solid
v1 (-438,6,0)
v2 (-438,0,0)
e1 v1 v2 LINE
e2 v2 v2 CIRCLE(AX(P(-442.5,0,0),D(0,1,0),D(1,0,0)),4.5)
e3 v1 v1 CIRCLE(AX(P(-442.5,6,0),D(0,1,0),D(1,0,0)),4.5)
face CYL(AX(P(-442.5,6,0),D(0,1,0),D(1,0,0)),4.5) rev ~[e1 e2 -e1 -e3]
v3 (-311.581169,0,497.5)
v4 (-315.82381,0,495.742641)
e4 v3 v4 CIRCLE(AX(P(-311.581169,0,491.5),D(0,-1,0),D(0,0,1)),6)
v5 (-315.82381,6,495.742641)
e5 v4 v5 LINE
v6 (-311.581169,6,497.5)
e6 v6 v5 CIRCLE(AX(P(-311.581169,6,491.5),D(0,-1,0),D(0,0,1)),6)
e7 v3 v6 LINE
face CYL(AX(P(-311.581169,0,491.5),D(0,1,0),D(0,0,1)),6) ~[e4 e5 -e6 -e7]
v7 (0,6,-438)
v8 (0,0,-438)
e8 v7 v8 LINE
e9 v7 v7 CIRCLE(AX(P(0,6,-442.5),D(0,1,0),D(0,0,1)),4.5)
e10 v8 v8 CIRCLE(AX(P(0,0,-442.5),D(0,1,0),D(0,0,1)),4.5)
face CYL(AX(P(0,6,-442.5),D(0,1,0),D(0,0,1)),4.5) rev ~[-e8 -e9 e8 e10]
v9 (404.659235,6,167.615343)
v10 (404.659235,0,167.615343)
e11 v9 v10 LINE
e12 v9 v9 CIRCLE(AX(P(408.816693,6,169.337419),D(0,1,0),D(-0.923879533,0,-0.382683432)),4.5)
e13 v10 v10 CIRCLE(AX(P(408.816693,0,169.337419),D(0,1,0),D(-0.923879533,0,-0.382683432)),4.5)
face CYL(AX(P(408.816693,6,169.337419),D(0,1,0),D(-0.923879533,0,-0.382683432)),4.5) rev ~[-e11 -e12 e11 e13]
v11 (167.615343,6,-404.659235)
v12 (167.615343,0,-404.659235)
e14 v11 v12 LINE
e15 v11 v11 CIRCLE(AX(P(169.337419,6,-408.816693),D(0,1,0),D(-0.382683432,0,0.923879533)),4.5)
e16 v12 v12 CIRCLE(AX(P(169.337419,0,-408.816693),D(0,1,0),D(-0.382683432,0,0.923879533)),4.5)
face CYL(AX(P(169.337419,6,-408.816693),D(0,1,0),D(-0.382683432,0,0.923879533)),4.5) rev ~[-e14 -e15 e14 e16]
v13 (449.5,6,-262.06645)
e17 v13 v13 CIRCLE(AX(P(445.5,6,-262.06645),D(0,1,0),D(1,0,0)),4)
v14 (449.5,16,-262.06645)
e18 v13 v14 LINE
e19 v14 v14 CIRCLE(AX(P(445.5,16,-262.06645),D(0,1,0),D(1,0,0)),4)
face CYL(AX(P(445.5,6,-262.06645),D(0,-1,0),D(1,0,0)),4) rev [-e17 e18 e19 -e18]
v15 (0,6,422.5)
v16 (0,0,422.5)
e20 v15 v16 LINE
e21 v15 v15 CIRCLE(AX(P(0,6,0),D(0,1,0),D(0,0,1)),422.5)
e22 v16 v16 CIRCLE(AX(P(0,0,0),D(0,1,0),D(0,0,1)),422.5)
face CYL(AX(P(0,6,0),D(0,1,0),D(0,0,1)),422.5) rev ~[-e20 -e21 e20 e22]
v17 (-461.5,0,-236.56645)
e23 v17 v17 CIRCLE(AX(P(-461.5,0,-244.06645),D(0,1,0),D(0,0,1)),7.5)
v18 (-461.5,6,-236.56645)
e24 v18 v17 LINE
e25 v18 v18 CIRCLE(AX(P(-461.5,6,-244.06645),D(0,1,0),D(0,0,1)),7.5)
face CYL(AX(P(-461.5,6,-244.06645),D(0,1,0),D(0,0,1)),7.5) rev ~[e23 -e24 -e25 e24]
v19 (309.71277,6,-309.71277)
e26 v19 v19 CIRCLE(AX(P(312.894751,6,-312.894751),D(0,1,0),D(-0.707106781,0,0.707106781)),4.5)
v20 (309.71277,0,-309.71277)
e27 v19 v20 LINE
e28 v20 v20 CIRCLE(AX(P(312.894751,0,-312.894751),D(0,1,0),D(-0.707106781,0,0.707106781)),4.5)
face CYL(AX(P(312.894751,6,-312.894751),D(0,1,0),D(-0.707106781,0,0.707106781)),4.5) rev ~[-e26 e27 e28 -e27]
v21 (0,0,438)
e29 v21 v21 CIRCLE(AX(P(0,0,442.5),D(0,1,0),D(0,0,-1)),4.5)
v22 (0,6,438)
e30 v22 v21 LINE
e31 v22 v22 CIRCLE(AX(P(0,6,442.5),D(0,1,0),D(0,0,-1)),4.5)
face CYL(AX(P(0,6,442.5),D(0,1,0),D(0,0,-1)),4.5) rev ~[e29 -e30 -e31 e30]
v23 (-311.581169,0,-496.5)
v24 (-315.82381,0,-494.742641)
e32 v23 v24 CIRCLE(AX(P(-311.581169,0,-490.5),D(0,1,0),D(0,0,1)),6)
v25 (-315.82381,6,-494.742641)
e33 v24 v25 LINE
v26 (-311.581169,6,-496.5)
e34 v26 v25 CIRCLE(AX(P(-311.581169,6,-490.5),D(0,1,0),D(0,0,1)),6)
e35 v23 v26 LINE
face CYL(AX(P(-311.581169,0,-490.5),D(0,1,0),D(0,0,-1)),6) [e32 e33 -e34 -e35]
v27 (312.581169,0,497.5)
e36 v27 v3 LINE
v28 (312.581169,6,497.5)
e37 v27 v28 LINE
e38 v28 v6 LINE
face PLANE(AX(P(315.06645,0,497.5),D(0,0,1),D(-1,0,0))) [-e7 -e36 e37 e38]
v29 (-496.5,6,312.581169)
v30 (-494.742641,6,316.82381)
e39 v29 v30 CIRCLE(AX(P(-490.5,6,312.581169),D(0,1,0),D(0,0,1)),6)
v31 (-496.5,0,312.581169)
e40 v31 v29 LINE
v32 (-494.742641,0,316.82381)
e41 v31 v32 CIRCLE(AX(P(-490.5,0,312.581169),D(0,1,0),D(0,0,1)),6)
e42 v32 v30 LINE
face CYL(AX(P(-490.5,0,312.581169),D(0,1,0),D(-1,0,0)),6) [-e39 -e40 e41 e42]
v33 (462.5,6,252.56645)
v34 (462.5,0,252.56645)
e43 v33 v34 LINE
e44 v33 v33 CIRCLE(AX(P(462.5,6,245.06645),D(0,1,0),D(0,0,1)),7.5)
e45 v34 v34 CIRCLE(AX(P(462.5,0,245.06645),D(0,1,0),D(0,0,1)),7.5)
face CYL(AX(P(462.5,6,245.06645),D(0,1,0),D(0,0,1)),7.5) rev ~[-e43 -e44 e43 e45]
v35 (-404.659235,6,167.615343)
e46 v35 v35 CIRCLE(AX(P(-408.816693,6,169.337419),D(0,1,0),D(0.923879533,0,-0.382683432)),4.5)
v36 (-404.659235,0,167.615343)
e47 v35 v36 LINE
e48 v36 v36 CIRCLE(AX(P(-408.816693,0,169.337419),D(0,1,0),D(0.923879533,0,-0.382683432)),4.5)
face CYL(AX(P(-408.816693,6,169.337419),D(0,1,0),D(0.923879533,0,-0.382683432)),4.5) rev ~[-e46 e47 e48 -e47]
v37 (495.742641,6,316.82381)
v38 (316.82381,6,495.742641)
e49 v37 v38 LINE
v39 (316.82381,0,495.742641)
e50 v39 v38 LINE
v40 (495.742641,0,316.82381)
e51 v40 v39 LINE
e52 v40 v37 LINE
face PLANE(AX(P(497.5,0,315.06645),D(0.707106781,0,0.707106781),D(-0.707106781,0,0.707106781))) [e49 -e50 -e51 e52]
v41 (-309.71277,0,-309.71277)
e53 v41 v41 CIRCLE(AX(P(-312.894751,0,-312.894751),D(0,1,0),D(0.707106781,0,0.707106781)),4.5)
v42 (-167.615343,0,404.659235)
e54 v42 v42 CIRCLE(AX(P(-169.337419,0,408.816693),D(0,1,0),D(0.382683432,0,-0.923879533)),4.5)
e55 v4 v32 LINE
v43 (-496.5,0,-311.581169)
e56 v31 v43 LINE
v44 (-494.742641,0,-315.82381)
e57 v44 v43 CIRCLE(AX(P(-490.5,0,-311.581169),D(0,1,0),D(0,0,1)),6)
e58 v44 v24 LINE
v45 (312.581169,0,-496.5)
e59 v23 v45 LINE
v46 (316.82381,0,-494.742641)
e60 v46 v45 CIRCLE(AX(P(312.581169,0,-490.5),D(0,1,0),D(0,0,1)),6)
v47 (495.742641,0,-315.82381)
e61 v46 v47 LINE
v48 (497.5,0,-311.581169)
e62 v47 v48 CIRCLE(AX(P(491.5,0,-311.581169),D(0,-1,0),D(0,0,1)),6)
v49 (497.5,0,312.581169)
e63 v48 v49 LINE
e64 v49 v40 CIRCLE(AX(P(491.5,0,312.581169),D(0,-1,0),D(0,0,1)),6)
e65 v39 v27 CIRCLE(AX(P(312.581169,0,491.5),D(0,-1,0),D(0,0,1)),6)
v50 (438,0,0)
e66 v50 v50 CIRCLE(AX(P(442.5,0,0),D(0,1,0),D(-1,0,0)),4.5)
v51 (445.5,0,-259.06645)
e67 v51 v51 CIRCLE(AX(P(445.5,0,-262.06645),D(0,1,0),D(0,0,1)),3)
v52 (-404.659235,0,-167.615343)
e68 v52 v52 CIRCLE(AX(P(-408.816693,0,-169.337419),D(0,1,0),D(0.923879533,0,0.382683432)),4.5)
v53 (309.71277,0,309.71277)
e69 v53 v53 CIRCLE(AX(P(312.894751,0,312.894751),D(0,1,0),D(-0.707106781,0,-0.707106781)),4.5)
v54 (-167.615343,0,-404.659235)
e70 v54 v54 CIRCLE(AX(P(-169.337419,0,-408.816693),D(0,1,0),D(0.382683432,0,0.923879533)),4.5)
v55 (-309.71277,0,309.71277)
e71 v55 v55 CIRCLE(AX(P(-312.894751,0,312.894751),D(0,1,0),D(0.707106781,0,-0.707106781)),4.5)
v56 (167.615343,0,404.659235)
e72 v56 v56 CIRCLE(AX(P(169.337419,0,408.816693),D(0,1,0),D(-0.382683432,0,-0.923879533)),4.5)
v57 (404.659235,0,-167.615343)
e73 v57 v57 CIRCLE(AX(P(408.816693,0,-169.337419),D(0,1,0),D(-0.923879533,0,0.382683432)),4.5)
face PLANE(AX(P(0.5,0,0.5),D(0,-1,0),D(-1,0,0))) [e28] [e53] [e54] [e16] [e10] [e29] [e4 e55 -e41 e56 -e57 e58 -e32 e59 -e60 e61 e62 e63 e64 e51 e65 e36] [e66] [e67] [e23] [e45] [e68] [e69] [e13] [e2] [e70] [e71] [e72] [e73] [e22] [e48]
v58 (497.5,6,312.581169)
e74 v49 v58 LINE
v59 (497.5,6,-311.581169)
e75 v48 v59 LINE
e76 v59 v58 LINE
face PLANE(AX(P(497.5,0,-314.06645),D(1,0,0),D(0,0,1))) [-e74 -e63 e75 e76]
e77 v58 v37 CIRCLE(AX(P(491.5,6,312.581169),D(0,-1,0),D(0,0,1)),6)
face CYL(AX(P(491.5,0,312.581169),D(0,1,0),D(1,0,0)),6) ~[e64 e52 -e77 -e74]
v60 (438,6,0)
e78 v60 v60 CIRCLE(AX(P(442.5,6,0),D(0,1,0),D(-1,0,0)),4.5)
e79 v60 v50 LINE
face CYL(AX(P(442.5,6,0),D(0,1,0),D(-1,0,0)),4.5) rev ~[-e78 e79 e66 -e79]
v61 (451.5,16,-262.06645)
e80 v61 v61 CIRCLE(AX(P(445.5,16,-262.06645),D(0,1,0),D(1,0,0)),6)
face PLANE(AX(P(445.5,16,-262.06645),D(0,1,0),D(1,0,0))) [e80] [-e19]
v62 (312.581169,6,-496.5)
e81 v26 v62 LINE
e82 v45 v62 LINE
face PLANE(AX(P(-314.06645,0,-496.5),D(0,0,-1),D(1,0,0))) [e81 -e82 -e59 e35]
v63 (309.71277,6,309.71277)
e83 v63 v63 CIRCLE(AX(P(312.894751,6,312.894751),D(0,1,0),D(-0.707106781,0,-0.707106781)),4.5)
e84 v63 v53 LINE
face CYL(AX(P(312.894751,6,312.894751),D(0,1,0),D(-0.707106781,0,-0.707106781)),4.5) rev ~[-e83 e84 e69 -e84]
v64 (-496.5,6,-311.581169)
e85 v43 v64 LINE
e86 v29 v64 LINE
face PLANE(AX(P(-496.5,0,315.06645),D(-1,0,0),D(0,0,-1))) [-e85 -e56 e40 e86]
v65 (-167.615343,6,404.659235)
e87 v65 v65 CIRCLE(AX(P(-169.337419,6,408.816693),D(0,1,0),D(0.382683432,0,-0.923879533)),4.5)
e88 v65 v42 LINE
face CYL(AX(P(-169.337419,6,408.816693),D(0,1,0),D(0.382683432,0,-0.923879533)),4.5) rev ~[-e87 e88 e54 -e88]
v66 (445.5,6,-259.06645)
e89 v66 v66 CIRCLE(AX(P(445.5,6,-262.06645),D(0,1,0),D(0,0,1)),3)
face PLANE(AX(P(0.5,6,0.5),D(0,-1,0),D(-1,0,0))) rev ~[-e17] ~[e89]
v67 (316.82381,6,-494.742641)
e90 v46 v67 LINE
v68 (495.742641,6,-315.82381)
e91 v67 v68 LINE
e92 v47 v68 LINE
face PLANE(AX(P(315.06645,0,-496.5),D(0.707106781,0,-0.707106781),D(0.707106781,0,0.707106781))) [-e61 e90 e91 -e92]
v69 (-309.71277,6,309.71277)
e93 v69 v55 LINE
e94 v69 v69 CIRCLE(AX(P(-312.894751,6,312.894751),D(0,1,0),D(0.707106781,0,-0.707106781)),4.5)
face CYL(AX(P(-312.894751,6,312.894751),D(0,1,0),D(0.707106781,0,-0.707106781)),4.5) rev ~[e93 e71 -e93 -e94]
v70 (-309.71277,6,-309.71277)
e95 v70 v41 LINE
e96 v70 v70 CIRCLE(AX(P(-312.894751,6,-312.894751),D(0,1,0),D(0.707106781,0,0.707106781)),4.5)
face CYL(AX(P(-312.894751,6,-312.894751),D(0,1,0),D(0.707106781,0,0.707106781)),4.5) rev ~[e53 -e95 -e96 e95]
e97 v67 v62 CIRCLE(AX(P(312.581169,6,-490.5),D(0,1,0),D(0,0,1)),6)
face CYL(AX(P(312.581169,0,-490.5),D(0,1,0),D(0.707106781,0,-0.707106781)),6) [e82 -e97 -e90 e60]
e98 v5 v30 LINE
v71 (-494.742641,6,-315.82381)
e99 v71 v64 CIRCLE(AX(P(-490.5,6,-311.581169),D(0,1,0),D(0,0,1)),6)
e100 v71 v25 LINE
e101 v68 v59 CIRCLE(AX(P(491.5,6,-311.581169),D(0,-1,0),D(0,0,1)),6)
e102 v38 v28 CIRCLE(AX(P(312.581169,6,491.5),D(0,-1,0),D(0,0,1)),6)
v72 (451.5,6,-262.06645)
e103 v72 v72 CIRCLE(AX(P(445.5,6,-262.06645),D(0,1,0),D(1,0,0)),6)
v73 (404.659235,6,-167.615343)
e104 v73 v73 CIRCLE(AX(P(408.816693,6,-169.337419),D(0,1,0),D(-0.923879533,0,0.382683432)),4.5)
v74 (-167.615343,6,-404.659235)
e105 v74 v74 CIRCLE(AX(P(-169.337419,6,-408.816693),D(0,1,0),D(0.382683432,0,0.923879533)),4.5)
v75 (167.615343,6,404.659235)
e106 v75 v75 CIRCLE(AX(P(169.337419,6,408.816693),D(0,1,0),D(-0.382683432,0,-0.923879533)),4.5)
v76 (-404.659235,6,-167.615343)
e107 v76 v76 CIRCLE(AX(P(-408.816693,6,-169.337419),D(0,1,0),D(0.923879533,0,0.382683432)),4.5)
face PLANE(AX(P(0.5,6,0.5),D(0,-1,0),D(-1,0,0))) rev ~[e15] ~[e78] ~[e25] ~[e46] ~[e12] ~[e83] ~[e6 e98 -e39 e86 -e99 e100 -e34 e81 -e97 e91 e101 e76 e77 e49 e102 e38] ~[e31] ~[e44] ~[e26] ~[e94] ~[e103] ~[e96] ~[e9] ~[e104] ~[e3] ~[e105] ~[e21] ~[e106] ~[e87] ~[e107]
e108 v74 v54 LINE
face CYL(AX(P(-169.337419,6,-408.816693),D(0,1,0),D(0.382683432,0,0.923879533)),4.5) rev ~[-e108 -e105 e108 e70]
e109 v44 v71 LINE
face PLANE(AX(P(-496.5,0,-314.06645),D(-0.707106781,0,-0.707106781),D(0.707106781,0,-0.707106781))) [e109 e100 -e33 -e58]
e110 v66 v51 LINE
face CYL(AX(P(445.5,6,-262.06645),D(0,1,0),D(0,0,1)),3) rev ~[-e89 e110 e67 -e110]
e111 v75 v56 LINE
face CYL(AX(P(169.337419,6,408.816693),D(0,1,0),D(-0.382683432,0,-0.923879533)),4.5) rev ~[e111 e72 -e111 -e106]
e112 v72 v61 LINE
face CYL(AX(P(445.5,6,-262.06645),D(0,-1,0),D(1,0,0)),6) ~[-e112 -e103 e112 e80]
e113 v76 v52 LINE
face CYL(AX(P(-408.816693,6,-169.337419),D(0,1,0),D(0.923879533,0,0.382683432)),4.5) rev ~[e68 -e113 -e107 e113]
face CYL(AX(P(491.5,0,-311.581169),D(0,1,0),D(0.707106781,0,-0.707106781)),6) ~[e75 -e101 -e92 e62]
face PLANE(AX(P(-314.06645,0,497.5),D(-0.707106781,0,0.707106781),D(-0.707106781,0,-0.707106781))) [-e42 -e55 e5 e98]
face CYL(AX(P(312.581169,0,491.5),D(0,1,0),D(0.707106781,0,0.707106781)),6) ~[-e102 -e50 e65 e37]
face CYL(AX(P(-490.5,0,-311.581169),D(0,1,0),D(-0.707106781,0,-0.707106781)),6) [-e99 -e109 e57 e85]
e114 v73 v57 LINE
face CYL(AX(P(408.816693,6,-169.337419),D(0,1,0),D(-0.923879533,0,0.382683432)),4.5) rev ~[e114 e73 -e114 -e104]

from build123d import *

# Parameters (mm, degrees)
BOSS_EXTRUDE1_DEPTH = 6
SKETCH2_R           = 422.5
CUT_EXTRUDE1_DEPTH  = 6
SKETCH3_R           = 4.5
CUT_EXTRUDE2_DEPTH  = 6
CIRPATTERN1_COUNT   = 16
SKETCH4_R           = 3
CUT_EXTRUDE3_DEPTH  = 10
SKETCH5_R           = 7.5
CUT_EXTRUDE4_DEPTH  = 10
FILLET1_R           = 6
SKETCH6_R           = 6
SKETCH6_R_2         = 4
EXTRUDE_THIN1_DEPTH = 10


with BuildPart() as part:
    # Sketch1 → Boss-Extrude1 (new body)
    with BuildSketch(Plane(origin=(0, 0, 0), x_dir=(1, 0, 0), z_dir=(0, 1, 0))):
        Polygon((315.066450454, 496.5), (497.5, 314.066450454), (497.5, -315.066450454), (315.066450454, -497.5), (-314.066450454, -497.5), (-496.5, -315.066450454), (-496.5, 314.066450454), (-314.066450454, 496.5), align=None)
    extrude(amount=BOSS_EXTRUDE1_DEPTH)

    # Sketch2 → Cut-Extrude1 (cut)
    with BuildSketch(Plane(origin=(0, 6, 0), x_dir=(1, 0, 0), z_dir=(0, 1, 0))):
        with Locations(Location((0, 0, 0), (0, 0, 270))):
            Circle(SKETCH2_R)
    extrude(amount=-CUT_EXTRUDE1_DEPTH, mode=Mode.SUBTRACT)

    # Sketch3 → Cut-Extrude2 (cut)
    with BuildSketch(Plane(origin=(0, 6, 0), x_dir=(1, 0, 0), z_dir=(0, 1, 0))):
        with Locations(Location((0, 442.5, 0), (0, 0, 270))):
            Circle(SKETCH3_R)
    cut_extrude2 = extrude(amount=-CUT_EXTRUDE2_DEPTH, mode=Mode.SUBTRACT)

    # CirPattern1: Cut-Extrude2 ×16 about axis
    cirpattern1_axis = Axis((0, 0, 0), (0, 1, 0))
    for i in range(1, CIRPATTERN1_COUNT):
        add(cut_extrude2.rotate(cirpattern1_axis, i * 360 / CIRPATTERN1_COUNT), mode=Mode.SUBTRACT)

    # Sketch4 → Cut-Extrude3 (cut)
    with BuildSketch(Plane(origin=(0, 6, 0), x_dir=(1, 0, 0), z_dir=(0, 1, 0))):
        with Locations(Location((445.5, 262.066450454, 0), (0, 0, 270))):
            Circle(SKETCH4_R)
    extrude(amount=-CUT_EXTRUDE3_DEPTH, mode=Mode.SUBTRACT)

    # Sketch5 → Cut-Extrude4 (cut)
    with BuildSketch(Plane(origin=(0, 6, 0), x_dir=(1, 0, 0), z_dir=(0, 1, 0))):
        with Locations(Location((-461.5, 244.066450454, 0), (0, 0, 270))):
            Circle(SKETCH5_R)
        with Locations(Location((462.5, -245.066450454, 0), (0, 0, 270))):
            Circle(SKETCH5_R)
    extrude(amount=-CUT_EXTRUDE4_DEPTH, mode=Mode.SUBTRACT)

    # Fillet1
    fillet1_edges = [part.edges().sort_by_distance(p)[0] for p in [
        (315.066450454, 3, -496.5),
        (497.5, 3, -314.066450454),
        (497.5, 3, 315.066450454),
        (315.066450454, 3, 497.5),
        (-314.066450454, 3, 497.5),
        (-496.5, 3, 315.066450454),
        (-496.5, 3, -314.066450454),
        (-314.066450454, 3, -496.5),
    ]]
    fillet(fillet1_edges, radius=FILLET1_R)

    # Sketch6 → Extrude-Thin1 (add)
    with BuildSketch(Plane(origin=(0, 6, 0), x_dir=(1, 0, 0), z_dir=(0, 1, 0))):
        with Locations((445.5, 262.066450454)):
            Circle(SKETCH6_R)
        with Locations((445.5, 262.066450454)):
            Circle(SKETCH6_R_2, mode=Mode.SUBTRACT)
    extrude(amount=EXTRUDE_THIN1_DEPTH)


solid = part.part
